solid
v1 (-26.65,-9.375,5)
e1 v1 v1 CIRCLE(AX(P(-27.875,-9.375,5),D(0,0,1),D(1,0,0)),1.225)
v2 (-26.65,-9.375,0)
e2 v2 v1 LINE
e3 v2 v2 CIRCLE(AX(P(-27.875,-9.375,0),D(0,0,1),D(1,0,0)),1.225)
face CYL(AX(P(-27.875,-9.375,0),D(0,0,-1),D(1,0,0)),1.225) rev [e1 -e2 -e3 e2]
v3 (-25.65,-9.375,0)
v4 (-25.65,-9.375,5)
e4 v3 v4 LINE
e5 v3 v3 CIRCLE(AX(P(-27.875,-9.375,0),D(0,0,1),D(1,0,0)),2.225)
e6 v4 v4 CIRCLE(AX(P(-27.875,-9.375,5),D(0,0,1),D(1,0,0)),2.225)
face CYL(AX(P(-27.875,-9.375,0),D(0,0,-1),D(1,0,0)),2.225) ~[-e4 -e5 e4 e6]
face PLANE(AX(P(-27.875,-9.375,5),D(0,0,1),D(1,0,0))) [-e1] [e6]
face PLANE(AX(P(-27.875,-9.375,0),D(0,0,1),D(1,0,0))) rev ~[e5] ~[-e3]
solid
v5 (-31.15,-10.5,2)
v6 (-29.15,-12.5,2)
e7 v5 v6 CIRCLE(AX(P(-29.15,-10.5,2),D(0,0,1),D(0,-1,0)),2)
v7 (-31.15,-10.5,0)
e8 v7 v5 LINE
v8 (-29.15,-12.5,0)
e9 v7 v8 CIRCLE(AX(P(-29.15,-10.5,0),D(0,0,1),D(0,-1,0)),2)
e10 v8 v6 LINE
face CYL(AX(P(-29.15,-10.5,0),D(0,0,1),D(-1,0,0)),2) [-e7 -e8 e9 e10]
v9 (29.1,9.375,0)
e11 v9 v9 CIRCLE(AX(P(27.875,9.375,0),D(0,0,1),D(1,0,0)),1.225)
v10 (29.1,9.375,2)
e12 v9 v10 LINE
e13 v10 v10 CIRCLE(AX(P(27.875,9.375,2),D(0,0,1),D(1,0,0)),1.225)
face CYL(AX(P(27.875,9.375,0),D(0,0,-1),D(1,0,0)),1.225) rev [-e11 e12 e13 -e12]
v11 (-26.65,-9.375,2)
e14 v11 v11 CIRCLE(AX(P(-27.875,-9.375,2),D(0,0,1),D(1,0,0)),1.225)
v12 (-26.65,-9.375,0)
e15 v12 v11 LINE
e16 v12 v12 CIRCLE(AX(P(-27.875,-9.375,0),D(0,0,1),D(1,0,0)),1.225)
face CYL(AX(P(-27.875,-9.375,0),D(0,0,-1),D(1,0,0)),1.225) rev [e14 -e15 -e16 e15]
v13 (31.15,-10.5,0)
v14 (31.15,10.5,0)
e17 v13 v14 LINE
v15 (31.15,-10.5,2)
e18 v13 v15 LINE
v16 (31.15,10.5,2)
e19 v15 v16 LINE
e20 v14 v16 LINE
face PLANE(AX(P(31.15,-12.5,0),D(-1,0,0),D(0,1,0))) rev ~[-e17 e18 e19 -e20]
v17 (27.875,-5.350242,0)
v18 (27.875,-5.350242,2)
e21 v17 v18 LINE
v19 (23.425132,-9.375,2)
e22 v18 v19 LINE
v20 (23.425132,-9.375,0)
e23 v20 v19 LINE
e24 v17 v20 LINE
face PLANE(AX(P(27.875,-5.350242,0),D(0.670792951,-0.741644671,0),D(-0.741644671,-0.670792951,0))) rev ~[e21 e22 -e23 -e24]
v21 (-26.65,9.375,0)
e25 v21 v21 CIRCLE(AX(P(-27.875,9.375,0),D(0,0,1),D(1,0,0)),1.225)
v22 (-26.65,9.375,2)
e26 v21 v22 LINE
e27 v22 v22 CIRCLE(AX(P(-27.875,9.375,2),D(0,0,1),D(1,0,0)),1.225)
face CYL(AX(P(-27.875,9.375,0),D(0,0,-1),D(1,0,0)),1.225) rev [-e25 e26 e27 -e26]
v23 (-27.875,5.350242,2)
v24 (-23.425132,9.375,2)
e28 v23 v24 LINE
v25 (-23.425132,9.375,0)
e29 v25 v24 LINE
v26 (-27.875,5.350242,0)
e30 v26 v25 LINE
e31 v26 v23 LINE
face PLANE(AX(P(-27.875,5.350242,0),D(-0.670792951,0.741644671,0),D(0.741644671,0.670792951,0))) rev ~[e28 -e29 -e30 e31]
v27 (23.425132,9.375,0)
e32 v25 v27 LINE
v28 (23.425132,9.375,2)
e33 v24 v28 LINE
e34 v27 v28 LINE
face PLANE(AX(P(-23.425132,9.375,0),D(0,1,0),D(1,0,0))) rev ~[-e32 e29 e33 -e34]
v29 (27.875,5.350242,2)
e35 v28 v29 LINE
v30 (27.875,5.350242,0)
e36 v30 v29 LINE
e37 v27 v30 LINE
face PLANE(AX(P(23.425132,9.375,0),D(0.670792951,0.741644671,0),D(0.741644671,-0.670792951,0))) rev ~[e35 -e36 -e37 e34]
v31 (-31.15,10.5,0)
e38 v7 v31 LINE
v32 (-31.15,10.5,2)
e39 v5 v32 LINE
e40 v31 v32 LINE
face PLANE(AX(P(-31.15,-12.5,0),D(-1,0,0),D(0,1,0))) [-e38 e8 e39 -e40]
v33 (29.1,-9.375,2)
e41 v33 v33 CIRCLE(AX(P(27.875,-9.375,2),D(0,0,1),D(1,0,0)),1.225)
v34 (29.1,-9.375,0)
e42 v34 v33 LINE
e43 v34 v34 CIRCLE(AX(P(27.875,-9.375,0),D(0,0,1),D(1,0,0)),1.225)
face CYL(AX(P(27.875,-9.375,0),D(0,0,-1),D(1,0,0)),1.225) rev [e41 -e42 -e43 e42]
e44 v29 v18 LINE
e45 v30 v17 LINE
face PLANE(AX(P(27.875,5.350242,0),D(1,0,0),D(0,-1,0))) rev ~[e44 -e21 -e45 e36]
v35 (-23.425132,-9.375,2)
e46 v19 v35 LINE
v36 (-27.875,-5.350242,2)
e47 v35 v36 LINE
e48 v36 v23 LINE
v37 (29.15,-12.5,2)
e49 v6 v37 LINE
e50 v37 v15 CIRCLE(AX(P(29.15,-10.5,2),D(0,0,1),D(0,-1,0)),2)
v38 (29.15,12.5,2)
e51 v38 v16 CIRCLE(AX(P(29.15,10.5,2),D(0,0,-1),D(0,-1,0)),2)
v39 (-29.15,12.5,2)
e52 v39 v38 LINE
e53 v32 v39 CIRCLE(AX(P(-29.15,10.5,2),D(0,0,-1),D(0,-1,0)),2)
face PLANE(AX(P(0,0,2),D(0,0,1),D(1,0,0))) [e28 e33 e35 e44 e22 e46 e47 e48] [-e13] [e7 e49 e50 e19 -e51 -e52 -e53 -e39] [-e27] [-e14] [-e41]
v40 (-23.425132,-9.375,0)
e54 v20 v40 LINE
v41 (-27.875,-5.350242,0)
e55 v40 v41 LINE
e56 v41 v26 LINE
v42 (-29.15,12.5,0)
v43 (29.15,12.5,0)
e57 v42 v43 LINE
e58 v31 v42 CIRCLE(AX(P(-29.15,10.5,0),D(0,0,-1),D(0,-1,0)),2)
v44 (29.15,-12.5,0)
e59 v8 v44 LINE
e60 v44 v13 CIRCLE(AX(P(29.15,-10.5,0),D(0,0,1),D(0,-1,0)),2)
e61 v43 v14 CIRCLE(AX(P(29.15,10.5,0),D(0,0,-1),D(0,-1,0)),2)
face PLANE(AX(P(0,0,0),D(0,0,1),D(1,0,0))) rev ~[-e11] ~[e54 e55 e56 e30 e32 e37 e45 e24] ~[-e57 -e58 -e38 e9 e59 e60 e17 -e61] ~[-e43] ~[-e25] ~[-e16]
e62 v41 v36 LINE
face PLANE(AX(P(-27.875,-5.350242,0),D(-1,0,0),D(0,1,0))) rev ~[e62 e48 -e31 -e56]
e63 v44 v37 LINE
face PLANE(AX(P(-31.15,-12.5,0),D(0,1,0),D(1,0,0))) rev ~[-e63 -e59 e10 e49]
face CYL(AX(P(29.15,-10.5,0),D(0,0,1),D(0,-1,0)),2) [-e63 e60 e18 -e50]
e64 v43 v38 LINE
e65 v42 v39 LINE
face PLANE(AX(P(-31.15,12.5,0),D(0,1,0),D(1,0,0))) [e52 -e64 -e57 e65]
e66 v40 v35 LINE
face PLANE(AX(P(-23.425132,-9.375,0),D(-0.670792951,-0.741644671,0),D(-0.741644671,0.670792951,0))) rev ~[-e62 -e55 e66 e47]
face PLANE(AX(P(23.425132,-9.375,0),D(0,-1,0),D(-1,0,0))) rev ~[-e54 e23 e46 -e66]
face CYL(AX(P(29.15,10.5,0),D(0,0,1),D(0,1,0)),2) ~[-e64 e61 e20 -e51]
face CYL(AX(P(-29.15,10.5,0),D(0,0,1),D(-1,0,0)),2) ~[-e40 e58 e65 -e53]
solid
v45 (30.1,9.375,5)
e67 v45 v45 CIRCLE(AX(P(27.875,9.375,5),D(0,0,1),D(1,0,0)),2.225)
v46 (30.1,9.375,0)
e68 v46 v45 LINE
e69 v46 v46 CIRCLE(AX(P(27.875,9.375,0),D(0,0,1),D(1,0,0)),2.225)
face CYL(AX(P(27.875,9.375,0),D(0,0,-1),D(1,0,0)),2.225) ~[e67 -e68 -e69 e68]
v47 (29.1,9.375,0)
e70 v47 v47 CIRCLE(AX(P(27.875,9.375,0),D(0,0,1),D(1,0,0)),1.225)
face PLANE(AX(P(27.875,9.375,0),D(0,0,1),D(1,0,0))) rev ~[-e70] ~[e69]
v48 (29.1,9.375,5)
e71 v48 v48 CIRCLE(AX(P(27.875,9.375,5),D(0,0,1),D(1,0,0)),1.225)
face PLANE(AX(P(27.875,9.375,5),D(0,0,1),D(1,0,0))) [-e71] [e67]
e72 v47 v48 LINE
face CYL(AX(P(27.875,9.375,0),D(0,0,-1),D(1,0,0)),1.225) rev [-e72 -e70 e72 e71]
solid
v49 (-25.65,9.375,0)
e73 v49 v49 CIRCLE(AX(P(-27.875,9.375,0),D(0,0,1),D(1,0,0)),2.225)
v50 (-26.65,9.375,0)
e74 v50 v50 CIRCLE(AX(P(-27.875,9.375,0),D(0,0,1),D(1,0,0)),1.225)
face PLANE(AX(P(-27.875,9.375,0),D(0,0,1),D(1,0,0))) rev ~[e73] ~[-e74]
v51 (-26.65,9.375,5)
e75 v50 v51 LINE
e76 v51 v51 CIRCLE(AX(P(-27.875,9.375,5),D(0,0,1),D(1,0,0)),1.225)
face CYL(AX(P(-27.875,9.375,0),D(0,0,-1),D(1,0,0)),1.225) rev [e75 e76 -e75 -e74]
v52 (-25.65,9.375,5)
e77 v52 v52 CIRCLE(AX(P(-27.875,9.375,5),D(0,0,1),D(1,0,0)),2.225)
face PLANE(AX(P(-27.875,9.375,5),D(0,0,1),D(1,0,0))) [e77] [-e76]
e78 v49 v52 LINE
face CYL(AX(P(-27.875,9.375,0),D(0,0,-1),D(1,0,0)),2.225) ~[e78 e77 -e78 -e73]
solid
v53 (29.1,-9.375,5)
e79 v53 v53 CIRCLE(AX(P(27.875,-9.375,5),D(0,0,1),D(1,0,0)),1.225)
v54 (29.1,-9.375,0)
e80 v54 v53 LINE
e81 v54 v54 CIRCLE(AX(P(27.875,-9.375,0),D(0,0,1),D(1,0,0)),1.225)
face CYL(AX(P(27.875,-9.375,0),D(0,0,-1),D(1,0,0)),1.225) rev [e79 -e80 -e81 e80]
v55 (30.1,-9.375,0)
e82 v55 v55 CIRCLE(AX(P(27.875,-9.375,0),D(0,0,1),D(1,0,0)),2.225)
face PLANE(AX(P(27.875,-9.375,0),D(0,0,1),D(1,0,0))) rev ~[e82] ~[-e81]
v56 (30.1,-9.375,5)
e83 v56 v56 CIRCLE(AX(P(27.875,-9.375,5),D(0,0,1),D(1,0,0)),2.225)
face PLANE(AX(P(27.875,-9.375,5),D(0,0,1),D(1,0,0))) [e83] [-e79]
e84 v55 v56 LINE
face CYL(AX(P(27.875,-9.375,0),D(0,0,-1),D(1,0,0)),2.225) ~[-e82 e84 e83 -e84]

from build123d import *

# Parameters (mm, degrees)
F0_W     = 62.3
F0_H     = 25
F0_R     = 2.225
F0_R_2   = 1.225
F1_DEPTH = 2
F2_DEPTH = 5
F3_R     = 2


with BuildPart() as f1:
    # F0 (on Top) → F1 (new body)
    with BuildSketch(Plane.XY):
        Rectangle(F0_W, F0_H)
        with Locations((-27.875, -9.375)):
            Circle(F0_R, mode=Mode.SUBTRACT)
        with Locations((27.875, -9.375)):
            Circle(F0_R, mode=Mode.SUBTRACT)
        with Locations((-27.875, 9.375)):
            Circle(F0_R, mode=Mode.SUBTRACT)
        Polygon((-27.875, 5.350242297), (-23.4251319759, 9.375), (23.4251319759, 9.375), (27.875, 5.350242297), (27.875, -5.350242297), (23.4251319759, -9.375), (-23.4251319759, -9.375), (-27.875, -5.350242297), align=None, mode=Mode.SUBTRACT)
        with Locations((27.875, 9.375)):
            Circle(F0_R, mode=Mode.SUBTRACT)
        with Locations((-27.875, 9.375)):
            Circle(F0_R)
        with Locations((-27.875, 9.375)):
            Circle(F0_R_2, mode=Mode.SUBTRACT)
        with Locations((-27.875, -9.375)):
            Circle(F0_R)
        with Locations((-27.875, -9.375)):
            Circle(F0_R_2, mode=Mode.SUBTRACT)
        with Locations((27.875, 9.375)):
            Circle(F0_R)
        with Locations((27.875, 9.375)):
            Circle(F0_R_2, mode=Mode.SUBTRACT)
        with Locations((27.875, -9.375)):
            Circle(F0_R)
        with Locations((27.875, -9.375)):
            Circle(F0_R_2, mode=Mode.SUBTRACT)
    extrude(amount=F1_DEPTH)

    # F3
    f3_edges = [f1.edges().sort_by_distance(p)[0] for p in [
        (-31.15, -12.5, 1),
        (-31.15, 12.5, 1),
        (31.15, 12.5, 1),
        (31.15, -12.5, 1),
    ]]
    fillet(f3_edges, radius=F3_R)


with BuildPart() as f2:
    # F0 (on Top) → F2 (new body)
    with BuildSketch(Plane.XY):
        with Locations((-27.875, 9.375)):
            Circle(F0_R)
        with Locations((-27.875, 9.375)):
            Circle(F0_R_2, mode=Mode.SUBTRACT)
    extrude(amount=F2_DEPTH)


with BuildPart() as f2b:
    # F0 (on Top) → F2, piece 2 (new body)
    with BuildSketch(Plane.XY):
        with Locations((-27.875, -9.375)):
            Circle(F0_R)
        with Locations((-27.875, -9.375)):
            Circle(F0_R_2, mode=Mode.SUBTRACT)
    extrude(amount=F2_DEPTH)


with BuildPart() as f2c:
    # F0 (on Top) → F2, piece 3 (new body)
    with BuildSketch(Plane.XY):
        with Locations((27.875, 9.375)):
            Circle(F0_R)
        with Locations((27.875, 9.375)):
            Circle(F0_R_2, mode=Mode.SUBTRACT)
    extrude(amount=F2_DEPTH)


with BuildPart() as f2d:
    # F0 (on Top) → F2, piece 4 (new body)
    with BuildSketch(Plane.XY):
        with Locations((27.875, -9.375)):
            Circle(F0_R)
        with Locations((27.875, -9.375)):
            Circle(F0_R_2, mode=Mode.SUBTRACT)
    extrude(amount=F2_DEPTH)


solid = Compound([f1.part, f2.part, f2b.part, f2c.part, f2d.part])
